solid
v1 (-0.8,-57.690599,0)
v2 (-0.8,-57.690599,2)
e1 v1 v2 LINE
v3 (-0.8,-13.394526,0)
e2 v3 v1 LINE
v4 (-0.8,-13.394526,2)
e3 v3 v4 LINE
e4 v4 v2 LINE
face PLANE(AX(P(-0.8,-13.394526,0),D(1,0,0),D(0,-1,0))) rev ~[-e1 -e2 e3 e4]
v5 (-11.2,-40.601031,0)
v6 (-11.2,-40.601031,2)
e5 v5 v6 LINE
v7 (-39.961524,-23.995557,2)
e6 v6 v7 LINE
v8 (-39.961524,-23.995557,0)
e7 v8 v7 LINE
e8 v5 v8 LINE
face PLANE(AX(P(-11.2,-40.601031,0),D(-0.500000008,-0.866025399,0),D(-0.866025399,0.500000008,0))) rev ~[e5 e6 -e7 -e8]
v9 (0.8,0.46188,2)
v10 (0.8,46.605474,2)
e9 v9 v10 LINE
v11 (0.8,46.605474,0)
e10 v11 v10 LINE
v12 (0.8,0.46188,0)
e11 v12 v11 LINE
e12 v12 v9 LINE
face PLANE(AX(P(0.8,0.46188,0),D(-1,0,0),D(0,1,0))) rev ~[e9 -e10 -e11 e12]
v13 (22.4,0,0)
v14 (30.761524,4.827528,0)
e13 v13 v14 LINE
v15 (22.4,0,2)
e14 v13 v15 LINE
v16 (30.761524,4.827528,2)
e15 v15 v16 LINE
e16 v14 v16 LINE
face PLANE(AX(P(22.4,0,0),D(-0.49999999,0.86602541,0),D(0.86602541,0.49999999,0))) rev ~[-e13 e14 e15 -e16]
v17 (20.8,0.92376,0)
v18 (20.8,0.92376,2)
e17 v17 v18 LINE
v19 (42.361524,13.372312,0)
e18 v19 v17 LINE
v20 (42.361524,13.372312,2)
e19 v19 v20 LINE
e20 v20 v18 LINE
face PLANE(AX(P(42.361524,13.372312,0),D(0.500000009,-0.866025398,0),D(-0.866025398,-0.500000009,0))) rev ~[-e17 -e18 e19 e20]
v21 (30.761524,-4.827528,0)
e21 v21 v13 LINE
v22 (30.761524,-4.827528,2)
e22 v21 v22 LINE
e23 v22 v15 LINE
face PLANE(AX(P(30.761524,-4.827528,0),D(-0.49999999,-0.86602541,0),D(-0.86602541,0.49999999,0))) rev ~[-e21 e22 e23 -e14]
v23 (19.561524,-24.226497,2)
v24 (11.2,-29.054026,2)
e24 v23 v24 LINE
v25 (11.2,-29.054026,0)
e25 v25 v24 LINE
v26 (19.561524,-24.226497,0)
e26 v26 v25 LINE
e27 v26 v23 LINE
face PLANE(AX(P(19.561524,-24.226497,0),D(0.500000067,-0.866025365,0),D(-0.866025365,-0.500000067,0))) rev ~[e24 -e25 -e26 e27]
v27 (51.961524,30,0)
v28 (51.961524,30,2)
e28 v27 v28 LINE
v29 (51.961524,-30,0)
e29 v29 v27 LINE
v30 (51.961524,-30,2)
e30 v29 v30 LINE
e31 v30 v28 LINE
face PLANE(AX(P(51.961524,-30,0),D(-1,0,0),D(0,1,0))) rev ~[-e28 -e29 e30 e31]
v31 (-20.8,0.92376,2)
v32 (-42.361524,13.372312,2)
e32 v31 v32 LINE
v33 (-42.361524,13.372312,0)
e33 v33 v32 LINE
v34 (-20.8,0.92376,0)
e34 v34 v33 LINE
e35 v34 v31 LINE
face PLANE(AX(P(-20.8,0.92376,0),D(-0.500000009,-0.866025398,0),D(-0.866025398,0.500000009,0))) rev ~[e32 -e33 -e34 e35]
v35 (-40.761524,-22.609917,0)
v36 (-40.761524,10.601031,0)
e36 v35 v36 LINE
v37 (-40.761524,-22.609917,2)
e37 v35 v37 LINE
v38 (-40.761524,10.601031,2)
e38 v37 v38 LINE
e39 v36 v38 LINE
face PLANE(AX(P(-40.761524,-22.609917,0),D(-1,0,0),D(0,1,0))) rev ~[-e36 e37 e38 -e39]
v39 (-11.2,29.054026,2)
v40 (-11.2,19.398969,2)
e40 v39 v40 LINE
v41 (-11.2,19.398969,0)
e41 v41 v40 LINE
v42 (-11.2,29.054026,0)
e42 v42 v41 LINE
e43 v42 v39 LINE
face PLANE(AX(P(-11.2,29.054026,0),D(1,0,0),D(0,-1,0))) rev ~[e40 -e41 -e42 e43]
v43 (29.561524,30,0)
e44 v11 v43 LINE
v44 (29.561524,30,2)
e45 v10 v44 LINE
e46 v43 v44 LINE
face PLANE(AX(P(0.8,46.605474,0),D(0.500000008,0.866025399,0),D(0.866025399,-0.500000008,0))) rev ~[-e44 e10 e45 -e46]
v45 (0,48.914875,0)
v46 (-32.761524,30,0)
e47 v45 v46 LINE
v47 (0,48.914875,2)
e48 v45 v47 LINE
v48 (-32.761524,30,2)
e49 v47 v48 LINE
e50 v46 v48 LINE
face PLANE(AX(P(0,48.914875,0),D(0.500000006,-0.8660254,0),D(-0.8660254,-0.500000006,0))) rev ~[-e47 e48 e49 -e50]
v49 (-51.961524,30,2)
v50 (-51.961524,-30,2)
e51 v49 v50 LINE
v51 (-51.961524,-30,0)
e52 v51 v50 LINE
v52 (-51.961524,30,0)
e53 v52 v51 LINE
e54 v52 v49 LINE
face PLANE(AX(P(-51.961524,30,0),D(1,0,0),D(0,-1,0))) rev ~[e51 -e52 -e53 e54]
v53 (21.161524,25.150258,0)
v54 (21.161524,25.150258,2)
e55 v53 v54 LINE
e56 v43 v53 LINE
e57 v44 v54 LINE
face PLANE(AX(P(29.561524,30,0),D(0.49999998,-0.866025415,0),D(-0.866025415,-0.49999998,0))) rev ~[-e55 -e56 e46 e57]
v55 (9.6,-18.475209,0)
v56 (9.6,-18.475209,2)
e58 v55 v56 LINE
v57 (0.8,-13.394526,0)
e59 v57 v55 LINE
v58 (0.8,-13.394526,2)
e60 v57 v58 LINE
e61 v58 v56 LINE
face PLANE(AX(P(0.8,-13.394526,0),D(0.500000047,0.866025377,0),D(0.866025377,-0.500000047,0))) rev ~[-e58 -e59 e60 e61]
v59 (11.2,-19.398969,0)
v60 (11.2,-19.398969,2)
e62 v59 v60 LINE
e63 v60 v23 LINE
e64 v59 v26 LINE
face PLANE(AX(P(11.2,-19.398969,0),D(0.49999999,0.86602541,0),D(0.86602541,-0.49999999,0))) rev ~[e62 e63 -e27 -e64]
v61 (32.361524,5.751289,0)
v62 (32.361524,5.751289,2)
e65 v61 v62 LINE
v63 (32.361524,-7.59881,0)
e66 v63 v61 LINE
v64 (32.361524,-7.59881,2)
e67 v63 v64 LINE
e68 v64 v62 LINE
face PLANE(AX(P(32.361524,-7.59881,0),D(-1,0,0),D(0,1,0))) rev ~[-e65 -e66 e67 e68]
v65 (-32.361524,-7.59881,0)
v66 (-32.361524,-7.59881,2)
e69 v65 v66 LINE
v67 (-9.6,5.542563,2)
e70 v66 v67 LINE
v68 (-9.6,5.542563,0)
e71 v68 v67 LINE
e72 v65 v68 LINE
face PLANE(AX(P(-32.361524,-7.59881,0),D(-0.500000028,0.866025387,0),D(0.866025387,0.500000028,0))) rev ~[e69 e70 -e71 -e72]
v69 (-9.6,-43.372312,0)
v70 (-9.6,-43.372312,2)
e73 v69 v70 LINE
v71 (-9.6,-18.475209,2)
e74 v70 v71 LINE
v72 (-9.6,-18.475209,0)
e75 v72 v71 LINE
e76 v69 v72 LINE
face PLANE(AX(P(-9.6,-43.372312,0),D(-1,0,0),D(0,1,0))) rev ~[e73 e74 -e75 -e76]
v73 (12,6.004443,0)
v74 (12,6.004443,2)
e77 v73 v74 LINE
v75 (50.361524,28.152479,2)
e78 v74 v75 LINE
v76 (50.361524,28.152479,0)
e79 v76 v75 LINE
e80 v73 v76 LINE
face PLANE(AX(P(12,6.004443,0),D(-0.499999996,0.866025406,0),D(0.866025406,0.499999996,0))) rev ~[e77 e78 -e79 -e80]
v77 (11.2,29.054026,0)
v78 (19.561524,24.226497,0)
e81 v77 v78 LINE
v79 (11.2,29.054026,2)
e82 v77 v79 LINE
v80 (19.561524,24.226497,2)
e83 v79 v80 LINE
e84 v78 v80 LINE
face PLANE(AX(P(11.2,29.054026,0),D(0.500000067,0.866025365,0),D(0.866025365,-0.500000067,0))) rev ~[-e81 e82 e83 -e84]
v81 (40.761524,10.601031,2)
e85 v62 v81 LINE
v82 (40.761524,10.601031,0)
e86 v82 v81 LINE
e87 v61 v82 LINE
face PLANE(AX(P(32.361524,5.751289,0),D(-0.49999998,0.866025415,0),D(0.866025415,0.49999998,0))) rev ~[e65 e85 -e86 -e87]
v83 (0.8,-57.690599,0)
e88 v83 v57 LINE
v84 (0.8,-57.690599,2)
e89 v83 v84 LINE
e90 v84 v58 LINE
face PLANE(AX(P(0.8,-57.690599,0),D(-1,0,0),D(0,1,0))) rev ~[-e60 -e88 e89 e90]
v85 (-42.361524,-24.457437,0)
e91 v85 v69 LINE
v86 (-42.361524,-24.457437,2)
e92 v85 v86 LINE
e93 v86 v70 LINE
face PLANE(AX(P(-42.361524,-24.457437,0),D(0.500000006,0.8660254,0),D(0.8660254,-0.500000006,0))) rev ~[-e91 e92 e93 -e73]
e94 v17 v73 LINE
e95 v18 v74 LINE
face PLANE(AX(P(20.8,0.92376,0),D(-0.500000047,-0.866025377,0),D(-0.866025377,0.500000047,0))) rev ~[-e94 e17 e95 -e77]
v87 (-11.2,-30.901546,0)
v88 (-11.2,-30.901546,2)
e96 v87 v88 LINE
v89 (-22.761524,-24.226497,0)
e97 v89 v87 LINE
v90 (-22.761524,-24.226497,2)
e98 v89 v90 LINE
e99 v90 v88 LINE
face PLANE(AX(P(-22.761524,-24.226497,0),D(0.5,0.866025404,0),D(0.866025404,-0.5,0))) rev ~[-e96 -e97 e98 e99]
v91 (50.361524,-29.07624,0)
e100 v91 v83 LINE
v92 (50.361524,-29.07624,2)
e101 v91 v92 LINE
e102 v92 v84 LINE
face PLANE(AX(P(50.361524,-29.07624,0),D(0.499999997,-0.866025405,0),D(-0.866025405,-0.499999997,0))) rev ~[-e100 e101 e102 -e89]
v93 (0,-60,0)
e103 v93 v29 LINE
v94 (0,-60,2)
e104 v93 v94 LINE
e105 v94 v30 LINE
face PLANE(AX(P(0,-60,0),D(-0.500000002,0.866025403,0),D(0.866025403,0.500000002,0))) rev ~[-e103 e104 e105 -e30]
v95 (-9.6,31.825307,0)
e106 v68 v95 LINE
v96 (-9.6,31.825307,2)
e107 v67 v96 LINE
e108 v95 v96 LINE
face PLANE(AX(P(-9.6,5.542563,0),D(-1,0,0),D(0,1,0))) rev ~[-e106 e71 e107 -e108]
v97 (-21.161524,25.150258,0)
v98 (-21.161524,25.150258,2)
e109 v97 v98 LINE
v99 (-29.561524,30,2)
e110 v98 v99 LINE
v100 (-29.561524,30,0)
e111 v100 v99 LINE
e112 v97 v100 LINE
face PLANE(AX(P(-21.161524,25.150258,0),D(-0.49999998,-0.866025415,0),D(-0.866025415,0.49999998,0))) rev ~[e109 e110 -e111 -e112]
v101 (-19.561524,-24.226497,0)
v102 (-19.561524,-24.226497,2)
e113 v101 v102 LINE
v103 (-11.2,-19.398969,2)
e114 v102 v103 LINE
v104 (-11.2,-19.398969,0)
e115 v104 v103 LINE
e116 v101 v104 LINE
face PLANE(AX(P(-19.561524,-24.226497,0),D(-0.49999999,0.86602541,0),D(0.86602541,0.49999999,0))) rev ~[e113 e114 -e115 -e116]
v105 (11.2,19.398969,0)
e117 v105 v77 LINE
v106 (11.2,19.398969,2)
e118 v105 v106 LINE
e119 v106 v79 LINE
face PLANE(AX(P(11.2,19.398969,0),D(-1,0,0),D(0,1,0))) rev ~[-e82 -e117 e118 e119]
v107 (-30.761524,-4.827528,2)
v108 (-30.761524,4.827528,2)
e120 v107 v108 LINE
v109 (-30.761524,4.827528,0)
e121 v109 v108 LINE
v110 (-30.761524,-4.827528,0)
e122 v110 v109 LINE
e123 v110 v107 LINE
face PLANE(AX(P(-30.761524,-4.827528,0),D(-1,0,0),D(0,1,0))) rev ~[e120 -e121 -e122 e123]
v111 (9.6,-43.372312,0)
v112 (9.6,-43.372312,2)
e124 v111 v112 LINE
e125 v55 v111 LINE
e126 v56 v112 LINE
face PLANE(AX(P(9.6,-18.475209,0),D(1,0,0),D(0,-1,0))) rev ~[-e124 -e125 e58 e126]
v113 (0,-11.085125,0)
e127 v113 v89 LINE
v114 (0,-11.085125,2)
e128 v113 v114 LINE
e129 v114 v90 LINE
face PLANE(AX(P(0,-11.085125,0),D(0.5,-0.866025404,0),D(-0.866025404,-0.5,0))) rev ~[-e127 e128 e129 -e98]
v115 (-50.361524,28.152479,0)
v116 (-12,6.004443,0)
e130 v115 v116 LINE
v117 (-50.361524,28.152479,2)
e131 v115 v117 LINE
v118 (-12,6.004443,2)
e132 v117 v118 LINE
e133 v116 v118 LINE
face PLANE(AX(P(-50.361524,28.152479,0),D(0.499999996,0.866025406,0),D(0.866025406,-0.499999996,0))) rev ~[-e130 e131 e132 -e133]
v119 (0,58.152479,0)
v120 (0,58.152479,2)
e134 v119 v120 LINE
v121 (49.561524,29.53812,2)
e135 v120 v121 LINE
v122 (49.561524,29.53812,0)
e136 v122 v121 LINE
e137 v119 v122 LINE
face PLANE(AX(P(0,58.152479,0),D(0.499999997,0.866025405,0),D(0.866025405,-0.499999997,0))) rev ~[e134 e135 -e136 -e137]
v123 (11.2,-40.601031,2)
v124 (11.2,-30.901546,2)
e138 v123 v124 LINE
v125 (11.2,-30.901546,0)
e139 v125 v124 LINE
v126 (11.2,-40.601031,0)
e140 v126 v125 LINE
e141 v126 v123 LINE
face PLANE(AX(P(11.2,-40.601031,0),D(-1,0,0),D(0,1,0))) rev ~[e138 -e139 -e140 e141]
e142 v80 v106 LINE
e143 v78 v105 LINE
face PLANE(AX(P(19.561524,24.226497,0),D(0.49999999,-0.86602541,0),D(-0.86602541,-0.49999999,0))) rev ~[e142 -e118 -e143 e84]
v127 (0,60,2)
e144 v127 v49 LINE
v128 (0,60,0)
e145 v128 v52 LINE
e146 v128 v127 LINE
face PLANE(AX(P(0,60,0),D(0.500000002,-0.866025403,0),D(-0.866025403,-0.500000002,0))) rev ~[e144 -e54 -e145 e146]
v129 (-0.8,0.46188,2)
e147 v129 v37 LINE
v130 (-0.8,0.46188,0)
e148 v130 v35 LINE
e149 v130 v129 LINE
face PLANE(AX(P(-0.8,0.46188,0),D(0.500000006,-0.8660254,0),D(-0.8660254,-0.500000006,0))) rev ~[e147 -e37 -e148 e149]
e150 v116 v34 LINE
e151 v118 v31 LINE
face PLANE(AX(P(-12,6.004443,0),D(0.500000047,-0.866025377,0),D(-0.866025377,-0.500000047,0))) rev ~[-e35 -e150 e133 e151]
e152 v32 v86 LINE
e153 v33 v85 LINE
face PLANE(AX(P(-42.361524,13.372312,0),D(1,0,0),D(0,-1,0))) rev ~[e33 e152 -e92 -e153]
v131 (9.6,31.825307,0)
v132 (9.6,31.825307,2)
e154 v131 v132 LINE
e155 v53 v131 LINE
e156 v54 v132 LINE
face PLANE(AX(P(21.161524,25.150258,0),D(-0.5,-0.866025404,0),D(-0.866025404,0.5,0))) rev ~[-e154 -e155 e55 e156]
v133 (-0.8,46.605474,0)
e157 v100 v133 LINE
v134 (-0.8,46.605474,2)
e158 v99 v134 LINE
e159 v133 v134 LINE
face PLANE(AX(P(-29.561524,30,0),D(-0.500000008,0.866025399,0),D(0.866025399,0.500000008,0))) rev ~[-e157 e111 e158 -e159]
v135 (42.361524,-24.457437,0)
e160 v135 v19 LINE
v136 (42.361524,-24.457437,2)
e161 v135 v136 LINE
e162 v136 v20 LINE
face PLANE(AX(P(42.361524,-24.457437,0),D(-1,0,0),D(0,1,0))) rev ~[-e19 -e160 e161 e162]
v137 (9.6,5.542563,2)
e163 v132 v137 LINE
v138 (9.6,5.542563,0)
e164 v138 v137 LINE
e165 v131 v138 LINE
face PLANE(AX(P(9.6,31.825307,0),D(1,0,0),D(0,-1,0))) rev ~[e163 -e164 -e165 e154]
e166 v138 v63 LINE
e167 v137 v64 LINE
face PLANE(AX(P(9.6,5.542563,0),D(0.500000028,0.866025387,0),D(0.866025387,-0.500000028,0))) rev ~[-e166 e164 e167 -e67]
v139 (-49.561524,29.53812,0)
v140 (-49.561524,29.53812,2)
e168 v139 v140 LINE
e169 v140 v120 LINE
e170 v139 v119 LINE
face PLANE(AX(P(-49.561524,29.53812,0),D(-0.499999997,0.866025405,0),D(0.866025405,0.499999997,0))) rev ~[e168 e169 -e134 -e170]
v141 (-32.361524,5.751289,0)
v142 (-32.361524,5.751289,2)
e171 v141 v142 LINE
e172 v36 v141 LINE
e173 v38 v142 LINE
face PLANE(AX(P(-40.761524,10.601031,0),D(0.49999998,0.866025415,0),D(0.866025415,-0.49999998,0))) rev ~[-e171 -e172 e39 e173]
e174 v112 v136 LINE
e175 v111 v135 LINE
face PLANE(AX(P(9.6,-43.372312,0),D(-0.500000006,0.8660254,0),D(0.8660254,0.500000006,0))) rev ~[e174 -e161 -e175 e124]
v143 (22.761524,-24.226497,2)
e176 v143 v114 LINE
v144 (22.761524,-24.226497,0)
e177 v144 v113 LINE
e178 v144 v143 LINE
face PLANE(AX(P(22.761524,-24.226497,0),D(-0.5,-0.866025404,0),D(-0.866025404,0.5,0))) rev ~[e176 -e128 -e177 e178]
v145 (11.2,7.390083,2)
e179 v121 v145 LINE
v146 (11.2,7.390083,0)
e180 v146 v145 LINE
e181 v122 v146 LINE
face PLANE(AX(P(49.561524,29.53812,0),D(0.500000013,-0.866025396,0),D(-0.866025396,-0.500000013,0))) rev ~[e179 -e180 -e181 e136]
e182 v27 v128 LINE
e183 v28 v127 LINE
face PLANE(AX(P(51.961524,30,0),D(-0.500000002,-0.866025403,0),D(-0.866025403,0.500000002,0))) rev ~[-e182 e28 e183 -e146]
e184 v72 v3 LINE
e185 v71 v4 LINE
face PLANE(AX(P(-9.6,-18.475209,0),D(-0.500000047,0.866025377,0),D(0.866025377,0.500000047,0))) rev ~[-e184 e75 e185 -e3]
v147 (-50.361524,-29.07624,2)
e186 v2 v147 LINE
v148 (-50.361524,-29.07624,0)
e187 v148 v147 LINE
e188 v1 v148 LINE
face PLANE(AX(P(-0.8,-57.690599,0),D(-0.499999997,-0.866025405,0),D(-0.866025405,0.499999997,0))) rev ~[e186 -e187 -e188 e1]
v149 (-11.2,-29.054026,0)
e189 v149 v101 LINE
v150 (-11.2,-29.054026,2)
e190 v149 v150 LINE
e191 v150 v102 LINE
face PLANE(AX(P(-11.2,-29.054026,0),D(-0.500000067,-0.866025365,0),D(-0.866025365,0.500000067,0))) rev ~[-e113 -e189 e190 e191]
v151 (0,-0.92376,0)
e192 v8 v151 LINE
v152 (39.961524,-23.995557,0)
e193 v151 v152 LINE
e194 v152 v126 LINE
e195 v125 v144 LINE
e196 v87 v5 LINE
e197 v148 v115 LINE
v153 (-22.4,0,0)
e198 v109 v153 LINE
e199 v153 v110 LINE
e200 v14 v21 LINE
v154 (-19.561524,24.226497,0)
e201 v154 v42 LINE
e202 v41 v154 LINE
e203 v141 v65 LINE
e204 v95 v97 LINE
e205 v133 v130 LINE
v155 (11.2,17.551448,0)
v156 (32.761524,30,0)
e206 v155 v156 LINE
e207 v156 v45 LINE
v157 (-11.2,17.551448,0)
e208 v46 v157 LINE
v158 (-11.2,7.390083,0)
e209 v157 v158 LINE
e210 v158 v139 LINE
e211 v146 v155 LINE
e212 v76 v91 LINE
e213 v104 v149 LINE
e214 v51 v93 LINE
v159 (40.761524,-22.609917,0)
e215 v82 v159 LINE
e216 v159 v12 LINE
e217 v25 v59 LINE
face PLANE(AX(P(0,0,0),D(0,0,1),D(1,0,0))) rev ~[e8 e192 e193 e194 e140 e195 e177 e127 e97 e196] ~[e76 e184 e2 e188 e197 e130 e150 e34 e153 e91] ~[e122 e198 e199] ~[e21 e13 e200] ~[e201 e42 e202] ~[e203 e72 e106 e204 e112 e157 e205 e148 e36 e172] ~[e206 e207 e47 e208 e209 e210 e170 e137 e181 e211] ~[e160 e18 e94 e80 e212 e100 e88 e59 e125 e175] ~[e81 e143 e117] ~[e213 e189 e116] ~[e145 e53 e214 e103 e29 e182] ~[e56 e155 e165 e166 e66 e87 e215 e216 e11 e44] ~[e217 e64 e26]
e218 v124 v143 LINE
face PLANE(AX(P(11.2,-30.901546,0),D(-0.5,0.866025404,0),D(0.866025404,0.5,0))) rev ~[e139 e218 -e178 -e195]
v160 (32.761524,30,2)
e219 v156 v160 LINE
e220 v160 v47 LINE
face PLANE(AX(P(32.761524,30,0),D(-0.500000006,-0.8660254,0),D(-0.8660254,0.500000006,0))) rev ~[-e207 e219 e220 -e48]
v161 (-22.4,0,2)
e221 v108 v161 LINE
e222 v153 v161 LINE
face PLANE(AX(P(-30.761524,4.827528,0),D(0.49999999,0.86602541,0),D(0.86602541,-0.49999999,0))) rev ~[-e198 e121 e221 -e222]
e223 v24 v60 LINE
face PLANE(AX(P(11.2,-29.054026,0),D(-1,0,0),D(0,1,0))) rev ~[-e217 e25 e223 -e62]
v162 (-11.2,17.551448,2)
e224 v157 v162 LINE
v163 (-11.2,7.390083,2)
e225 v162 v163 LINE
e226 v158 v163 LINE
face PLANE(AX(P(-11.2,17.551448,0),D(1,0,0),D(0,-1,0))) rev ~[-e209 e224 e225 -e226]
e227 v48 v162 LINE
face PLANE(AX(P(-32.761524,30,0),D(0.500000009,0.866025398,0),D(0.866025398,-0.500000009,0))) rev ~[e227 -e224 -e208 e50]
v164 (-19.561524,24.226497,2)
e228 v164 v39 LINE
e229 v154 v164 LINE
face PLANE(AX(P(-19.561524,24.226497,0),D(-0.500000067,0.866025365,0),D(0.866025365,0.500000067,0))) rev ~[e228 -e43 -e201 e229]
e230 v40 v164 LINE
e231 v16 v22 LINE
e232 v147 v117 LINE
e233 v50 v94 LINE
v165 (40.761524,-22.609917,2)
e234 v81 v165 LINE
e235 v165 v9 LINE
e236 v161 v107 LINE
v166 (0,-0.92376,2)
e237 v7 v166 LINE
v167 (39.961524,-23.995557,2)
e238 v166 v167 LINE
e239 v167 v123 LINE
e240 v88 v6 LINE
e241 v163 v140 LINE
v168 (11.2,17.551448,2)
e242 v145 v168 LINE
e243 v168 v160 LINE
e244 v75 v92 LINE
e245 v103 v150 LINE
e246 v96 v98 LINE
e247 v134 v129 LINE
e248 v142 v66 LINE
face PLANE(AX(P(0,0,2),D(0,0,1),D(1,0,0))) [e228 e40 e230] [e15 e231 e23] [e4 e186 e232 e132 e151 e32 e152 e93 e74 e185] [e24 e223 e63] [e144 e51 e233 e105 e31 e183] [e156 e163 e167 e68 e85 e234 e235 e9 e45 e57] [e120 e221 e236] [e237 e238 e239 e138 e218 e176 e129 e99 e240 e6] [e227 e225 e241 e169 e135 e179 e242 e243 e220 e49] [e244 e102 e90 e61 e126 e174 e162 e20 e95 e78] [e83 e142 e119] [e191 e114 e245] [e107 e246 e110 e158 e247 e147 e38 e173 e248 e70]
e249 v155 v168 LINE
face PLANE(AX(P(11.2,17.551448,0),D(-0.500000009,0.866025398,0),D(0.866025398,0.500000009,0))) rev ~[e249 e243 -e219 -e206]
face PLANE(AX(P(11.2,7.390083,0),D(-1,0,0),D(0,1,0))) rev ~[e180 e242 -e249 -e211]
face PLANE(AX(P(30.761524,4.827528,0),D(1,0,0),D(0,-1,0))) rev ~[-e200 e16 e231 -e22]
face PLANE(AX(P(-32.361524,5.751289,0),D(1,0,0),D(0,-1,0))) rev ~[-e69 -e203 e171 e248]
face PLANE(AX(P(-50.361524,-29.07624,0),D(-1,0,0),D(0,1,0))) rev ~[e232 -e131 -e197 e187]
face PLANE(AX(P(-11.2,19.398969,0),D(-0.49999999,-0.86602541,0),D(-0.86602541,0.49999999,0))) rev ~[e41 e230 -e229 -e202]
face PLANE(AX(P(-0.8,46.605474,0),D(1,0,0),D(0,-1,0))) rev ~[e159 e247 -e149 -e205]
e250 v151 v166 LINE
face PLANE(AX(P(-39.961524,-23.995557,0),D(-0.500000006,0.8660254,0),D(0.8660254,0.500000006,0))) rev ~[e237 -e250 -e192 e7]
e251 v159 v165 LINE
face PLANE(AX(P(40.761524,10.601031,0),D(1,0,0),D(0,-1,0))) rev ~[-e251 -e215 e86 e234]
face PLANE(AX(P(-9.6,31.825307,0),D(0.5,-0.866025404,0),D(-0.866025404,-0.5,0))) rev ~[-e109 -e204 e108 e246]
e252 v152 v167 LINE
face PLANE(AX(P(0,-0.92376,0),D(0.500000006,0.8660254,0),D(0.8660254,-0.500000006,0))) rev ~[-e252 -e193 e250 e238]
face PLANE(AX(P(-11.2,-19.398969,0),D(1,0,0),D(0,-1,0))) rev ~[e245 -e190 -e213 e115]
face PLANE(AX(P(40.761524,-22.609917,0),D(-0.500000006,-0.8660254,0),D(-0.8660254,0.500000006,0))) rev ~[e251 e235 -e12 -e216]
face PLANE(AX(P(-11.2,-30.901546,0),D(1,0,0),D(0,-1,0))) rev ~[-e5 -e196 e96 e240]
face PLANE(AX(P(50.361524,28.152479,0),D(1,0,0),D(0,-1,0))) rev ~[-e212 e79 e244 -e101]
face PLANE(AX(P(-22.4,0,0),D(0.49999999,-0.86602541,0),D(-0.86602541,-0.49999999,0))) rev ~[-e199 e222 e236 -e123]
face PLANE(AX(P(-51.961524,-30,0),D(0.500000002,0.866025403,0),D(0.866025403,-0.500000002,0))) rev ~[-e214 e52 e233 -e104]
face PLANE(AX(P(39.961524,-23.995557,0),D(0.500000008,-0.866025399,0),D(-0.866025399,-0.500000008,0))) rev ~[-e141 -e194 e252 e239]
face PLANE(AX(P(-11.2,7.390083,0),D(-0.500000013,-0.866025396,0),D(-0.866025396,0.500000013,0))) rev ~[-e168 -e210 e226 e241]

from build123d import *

# Parameters (mm, degrees)
F1_DEPTH = 2


with BuildPart() as f1:
    # F0 (on Top) → F1 (new body)
    with BuildSketch(Plane.XY):
        Polygon((0, 60), (-51.961524, 30), (-51.961524, -30), (0, -60), (51.961524, -30), (51.961524, 30), align=None)
        Polygon((-11.2, -19.398969), (-11.2, -29.054026), (-19.561524, -24.226497), align=None, mode=Mode.SUBTRACT)
        Polygon((-50.361524, -29.07624), (-50.361524, 28.152479), (-12, 6.004443), (-20.8, 0.92376), (-42.361524, 13.372312), (-42.361524, -24.457437), (-9.6, -43.372312), (-9.6, -18.475209), (-0.8, -13.394526), (-0.8, -57.690599), align=None, mode=Mode.SUBTRACT)
        Polygon((0, -11.085125), (-22.761524, -24.226497), (-11.2, -30.901546), (-11.2, -40.601031), (-39.961524, -23.995557), (0, -0.92376), (39.961524, -23.995557), (11.2, -40.601031), (11.2, -30.901546), (22.761524, -24.226497), align=None, mode=Mode.SUBTRACT)
        Polygon((11.2, -19.398969), (19.561524, -24.226497), (11.2, -29.054026), align=None, mode=Mode.SUBTRACT)
        Polygon((50.361524, -29.07624), (0.8, -57.690599), (0.8, -13.394526), (9.6, -18.475209), (9.6, -43.372312), (42.361524, -24.457437), (42.361524, 13.372312), (20.8, 0.92376), (12, 6.004443), (50.361524, 28.152479), align=None, mode=Mode.SUBTRACT)
        Polygon((-22.4, 0), (-30.761524, -4.827528), (-30.761524, 4.827528), align=None, mode=Mode.SUBTRACT)
        Polygon((-40.761524, -22.609917), (-40.761524, 10.601031), (-32.361524, 5.751289), (-32.361524, -7.59881), (-9.6, 5.542563), (-9.6, 31.825307), (-21.161524, 25.150258), (-29.561524, 30), (-0.8, 46.605474), (-0.8, 0.46188), align=None, mode=Mode.SUBTRACT)
        Polygon((-11.2, 29.054026), (-11.2, 19.398969), (-19.561524, 24.226497), align=None, mode=Mode.SUBTRACT)
        Polygon((0, 48.914875), (-32.761524, 30), (-11.2, 17.551448), (-11.2, 7.390083), (-49.561524, 29.53812), (0, 58.152479), (49.561524, 29.53812), (11.2, 7.390083), (11.2, 17.551448), (32.761524, 30), align=None, mode=Mode.SUBTRACT)
        Polygon((0.8, 46.605474), (29.561524, 30), (21.161524, 25.150258), (9.6, 31.825307), (9.6, 5.542563), (32.361524, -7.59881), (32.361524, 5.751289), (40.761524, 10.601031), (40.761524, -22.609917), (0.8, 0.46188), align=None, mode=Mode.SUBTRACT)
        Polygon((19.561524, 24.226497), (11.2, 19.398969), (11.2, 29.054026), align=None, mode=Mode.SUBTRACT)
        Polygon((30.761524, -4.827528), (22.4, 0), (30.761524, 4.827528), align=None, mode=Mode.SUBTRACT)
    extrude(amount=F1_DEPTH)


solid = f1.part
